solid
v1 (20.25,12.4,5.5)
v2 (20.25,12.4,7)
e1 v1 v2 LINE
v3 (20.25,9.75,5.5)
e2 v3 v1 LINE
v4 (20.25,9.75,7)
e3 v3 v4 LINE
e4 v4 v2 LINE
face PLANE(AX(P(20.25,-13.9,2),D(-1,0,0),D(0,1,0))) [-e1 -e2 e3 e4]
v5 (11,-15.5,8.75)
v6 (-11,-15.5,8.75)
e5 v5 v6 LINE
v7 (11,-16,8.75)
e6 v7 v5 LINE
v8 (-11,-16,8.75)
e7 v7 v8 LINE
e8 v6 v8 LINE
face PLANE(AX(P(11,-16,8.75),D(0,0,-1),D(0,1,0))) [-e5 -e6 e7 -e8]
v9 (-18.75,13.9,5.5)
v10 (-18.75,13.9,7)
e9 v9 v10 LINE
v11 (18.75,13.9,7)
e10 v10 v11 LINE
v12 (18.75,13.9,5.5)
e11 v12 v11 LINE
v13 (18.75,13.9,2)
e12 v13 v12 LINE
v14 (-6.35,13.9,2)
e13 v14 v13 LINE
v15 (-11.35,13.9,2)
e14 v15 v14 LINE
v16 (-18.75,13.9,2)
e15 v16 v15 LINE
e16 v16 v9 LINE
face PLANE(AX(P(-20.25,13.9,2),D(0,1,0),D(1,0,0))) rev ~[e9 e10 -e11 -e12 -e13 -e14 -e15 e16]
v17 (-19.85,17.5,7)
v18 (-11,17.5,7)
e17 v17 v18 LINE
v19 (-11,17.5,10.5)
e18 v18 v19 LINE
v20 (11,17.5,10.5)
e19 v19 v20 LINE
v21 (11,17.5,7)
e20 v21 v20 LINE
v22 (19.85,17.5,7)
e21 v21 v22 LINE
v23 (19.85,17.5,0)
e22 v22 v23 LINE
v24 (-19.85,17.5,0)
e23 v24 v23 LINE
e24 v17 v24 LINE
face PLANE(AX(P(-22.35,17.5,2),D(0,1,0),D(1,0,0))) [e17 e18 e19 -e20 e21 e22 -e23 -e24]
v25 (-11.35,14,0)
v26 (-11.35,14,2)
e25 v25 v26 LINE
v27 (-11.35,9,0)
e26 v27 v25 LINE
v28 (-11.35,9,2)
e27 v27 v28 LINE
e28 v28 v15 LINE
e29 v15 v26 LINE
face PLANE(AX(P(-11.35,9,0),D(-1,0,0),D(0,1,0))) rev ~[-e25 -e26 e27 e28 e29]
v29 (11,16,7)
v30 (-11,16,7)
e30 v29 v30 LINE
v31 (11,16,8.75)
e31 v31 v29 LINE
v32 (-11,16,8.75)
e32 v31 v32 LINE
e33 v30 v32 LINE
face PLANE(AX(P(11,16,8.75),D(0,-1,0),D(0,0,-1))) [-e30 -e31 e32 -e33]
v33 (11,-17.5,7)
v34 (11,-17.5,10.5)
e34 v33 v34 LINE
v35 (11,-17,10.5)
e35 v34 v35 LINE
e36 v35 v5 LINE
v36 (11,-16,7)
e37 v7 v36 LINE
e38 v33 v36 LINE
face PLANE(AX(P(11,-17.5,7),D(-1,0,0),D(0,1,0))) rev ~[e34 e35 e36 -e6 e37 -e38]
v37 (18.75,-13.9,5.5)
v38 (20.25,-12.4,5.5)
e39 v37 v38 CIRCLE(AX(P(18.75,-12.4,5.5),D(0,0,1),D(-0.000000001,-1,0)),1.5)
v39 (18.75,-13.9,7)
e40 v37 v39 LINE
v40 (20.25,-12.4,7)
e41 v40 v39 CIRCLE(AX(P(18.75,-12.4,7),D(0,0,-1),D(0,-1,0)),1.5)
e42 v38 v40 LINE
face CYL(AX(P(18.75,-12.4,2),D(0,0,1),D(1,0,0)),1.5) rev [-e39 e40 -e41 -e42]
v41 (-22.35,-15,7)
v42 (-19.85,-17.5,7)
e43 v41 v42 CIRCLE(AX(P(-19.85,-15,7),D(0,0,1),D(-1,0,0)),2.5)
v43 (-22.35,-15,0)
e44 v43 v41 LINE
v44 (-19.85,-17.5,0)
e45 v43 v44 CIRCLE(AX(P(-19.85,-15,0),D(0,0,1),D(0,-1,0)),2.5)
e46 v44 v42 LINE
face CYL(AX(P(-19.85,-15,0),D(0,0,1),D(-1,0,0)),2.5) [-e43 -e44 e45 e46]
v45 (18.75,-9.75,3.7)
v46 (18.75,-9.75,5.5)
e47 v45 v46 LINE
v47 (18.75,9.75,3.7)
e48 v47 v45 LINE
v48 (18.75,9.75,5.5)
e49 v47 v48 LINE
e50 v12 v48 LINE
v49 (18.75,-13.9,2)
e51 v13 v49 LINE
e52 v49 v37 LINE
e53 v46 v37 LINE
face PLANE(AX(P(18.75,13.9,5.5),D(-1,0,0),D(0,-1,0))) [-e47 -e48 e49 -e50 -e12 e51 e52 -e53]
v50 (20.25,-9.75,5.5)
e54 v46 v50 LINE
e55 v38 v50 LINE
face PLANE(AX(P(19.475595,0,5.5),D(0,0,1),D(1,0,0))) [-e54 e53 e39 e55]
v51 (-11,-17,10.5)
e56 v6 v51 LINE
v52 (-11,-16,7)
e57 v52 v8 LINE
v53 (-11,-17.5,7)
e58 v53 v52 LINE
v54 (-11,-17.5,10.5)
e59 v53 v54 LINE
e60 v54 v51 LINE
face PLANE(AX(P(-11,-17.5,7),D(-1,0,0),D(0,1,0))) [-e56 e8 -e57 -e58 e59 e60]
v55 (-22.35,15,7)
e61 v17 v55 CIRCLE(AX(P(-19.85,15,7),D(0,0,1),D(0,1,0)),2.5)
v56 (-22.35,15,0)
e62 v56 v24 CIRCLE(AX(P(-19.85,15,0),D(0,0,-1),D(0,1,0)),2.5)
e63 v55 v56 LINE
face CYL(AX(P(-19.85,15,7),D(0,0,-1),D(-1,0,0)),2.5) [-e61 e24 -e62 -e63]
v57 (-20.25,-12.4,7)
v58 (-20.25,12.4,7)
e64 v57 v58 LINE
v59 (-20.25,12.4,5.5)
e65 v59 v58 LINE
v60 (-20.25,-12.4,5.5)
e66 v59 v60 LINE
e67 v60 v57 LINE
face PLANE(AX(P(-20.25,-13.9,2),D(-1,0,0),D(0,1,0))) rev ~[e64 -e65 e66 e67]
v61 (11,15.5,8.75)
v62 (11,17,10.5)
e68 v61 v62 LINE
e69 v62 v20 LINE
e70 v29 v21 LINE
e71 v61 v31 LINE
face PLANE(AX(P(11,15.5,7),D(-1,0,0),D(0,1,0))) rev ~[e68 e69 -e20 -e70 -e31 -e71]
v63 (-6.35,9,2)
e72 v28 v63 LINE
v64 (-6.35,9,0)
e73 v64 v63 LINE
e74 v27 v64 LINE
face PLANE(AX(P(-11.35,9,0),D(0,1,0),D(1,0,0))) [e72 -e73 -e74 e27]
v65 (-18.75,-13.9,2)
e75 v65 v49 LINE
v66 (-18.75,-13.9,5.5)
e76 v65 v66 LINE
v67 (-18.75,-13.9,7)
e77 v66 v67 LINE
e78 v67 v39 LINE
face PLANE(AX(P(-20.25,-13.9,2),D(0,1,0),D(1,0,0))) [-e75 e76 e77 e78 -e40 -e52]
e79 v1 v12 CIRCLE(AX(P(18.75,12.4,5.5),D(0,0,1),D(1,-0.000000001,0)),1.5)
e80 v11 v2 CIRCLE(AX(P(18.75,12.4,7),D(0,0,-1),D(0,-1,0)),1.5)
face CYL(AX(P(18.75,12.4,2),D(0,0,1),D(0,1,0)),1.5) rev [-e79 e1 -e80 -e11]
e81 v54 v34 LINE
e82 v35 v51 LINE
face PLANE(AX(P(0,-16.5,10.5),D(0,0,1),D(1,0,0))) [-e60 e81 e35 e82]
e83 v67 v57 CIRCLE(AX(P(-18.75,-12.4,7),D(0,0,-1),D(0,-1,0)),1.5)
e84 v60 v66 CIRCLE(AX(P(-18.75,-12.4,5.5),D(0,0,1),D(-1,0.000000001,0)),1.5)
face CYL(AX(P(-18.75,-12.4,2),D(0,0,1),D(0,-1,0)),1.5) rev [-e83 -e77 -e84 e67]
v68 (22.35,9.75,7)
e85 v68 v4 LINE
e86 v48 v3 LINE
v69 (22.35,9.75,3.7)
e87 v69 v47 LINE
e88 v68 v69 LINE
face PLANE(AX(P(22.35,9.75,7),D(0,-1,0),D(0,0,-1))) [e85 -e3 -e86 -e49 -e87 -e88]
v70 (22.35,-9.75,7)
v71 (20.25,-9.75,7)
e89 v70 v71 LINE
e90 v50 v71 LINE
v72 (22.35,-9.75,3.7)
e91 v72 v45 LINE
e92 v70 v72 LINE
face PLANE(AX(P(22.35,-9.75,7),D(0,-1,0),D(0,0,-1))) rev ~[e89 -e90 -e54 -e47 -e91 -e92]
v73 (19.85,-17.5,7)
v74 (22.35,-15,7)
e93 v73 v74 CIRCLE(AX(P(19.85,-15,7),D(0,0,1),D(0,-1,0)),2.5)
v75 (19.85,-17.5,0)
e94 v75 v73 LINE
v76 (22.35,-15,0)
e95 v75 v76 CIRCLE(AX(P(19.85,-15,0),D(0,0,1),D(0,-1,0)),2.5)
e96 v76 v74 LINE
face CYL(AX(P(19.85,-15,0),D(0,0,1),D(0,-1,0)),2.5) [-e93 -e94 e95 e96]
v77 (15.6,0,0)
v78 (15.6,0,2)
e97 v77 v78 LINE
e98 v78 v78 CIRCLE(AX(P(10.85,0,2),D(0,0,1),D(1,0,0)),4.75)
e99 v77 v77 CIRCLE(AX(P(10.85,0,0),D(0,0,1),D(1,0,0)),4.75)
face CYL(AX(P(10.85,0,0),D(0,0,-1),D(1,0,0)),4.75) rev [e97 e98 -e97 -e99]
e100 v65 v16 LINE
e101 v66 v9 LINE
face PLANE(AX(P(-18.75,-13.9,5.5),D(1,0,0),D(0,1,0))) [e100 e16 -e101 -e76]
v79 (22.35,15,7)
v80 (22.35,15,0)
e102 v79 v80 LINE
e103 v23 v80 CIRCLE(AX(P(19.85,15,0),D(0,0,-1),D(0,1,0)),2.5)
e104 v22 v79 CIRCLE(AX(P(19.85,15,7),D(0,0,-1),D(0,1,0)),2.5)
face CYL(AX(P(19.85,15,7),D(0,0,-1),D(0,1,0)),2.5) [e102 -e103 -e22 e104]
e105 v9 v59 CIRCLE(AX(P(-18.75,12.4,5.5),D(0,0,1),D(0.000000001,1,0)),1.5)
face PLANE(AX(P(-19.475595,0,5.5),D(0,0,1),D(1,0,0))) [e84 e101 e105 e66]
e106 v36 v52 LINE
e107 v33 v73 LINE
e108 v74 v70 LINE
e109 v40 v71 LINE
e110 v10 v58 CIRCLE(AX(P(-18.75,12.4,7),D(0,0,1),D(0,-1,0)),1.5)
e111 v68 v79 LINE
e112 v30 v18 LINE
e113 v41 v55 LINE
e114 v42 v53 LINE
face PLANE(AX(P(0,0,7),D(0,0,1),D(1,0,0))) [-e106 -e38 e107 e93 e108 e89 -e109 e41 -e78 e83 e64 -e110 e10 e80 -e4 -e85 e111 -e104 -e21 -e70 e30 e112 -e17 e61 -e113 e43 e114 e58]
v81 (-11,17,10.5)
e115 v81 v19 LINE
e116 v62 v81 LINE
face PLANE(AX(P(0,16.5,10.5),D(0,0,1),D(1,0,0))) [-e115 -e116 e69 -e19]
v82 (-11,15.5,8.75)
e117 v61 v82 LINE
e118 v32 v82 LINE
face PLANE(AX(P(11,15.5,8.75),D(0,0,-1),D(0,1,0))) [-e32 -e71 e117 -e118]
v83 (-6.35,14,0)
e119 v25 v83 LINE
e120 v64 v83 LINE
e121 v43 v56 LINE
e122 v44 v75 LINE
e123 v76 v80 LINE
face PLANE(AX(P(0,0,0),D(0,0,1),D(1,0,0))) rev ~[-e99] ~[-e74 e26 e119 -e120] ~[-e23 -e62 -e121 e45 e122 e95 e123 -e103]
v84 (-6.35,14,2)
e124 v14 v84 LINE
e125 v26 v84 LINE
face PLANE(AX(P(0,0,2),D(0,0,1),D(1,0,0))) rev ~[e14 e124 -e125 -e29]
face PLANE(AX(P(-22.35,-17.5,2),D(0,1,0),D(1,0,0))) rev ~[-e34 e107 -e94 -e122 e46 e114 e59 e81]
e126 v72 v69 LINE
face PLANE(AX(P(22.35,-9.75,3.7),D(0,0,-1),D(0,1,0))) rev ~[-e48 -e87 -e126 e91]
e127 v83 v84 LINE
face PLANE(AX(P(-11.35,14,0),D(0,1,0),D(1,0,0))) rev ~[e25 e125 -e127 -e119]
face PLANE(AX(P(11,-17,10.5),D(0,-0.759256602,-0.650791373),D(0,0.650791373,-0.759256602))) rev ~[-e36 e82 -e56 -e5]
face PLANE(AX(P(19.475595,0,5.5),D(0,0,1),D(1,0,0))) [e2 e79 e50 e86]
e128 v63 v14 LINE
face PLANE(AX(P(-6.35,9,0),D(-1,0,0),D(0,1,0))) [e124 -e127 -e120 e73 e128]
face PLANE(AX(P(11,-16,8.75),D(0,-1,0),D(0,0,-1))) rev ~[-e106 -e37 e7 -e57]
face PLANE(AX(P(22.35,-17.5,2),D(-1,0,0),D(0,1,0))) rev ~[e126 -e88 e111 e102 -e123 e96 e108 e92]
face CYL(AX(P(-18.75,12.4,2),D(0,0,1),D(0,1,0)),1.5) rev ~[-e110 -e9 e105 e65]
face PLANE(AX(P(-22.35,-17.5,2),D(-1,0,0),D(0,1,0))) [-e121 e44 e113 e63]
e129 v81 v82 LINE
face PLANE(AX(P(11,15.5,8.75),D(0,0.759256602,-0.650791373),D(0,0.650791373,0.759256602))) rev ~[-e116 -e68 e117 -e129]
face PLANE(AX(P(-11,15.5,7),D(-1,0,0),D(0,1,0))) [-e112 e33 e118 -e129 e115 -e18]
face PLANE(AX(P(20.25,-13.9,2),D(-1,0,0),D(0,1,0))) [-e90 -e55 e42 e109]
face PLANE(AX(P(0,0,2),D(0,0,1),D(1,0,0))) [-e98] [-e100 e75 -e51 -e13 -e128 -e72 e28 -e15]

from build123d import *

# Parameters (mm, degrees)
CROQUIS1_W              = 44.7
CROQUIS1_H              = 35
CROQUIS1_R              = 4.75
CROQUIS1_W_2            = 5
CROQUIS1_H_2            = 5
SALIENTE_EXTRUIR1_DEPTH = 2
CROQUIS2_W              = 44.7
CROQUIS2_H              = 35
CROQUIS2_W_2            = 40.5
CROQUIS2_H_2            = 27.8
SALIENTE_EXTRUIR2_DEPTH = 5
REDONDEO1_R             = 1.5
REDONDEO2_R             = 2.5
SALIENTE_EXTRUIR3_START = 3.5
SALIENTE_EXTRUIR3_DEPTH = 3.5
CROQUIS5_W              = 3.3
CROQUIS5_H              = 19.5
CORTAR_EXTRUIR1_DEPTH   = 5.5
CROQUIS6_W              = 22
CROQUIS6_H              = 2
SALIENTE_EXTRUIR4_DEPTH = 3.5
CROQUIS7_W              = 1.75
CROQUIS7_H              = 0.5
CORTAR_EXTRUIR2_DEPTH   = 40.098881058


with BuildPart() as part:
    # Croquis1 → Saliente-Extruir1 (new body)
    with BuildSketch(Plane.XY):
        Rectangle(CROQUIS1_W, CROQUIS1_H)
        with Locations((10.85, 0)):
            Circle(CROQUIS1_R, mode=Mode.SUBTRACT)
        with Locations((-8.85, 11.5)):
            Rectangle(CROQUIS1_W_2, CROQUIS1_H_2, mode=Mode.SUBTRACT)
    extrude(amount=SALIENTE_EXTRUIR1_DEPTH)

    # Croquis2 → Saliente-Extruir2 (add)
    with BuildSketch(Plane.XY.offset(2)):
        Rectangle(CROQUIS2_W, CROQUIS2_H)
        Rectangle(CROQUIS2_W_2, CROQUIS2_H_2, mode=Mode.SUBTRACT)
    extrude(amount=SALIENTE_EXTRUIR2_DEPTH)

    # Redondeo1
    redondeo1_edges = [part.edges().sort_by_distance(p)[0] for p in [
        (20.25, 13.9, 4.5),
        (-20.25, 13.9, 4.5),
        (-20.25, -13.9, 4.5),
        (20.25, -13.9, 4.5),
    ]]
    fillet(redondeo1_edges, radius=REDONDEO1_R)

    # Redondeo2
    redondeo2_edges = [part.edges().sort_by_distance(p)[0] for p in [
        (-22.35, -17.5, 3.5),
        (-22.35, 17.5, 3.5),
        (22.35, 17.5, 3.5),
        (22.35, -17.5, 3.5),
    ]]
    fillet(redondeo2_edges, radius=REDONDEO2_R)

    # Croquis4 → Saliente-Extruir3 (add)
    with BuildSketch(Plane.XY.offset(2).offset(SALIENTE_EXTRUIR3_START)):
        with BuildLine():
            Line((-20.25, 12.4), (-20.25, -12.4))
            ThreePointArc((-20.25, -12.4), (-19.810660172, -13.460660172), (-18.75, -13.9))
            Line((-18.75, -13.9), (-18.75, 13.9))
            ThreePointArc((-18.75, 13.9), (-19.810660172, 13.460660172), (-20.25, 12.4))
        make_face()
        with BuildLine():
            Line((20.25, -12.4), (20.25, 12.4))
            ThreePointArc((20.25, 12.4), (19.810660172, 13.460660172), (18.75, 13.9))
            Line((18.75, 13.9), (18.75, -13.9))
            ThreePointArc((18.75, -13.9), (19.810660172, -13.460660172), (20.25, -12.4))
        make_face()
    extrude(amount=-SALIENTE_EXTRUIR3_DEPTH)

    # Croquis5 → Cortar-Extruir1 (cut)
    with BuildSketch(Plane(origin=(22.35, 0, 0), x_dir=(0, 0, -1), z_dir=(1, 0, 0))):
        with Locations((-5.35, 0)):
            Rectangle(CROQUIS5_W, CROQUIS5_H)
    extrude(amount=-CORTAR_EXTRUIR1_DEPTH, mode=Mode.SUBTRACT)

    # Croquis6 → Saliente-Extruir4 (add)
    with BuildSketch(Plane.XY.offset(7)):
        with Locations((0, -16.5)):
            Rectangle(CROQUIS6_W, CROQUIS6_H)
        with Locations((0, 16.5)):
            Rectangle(CROQUIS6_W, CROQUIS6_H)
    extrude(amount=SALIENTE_EXTRUIR4_DEPTH)

    # Croquis7 → Cortar-Extruir2 (cut, through all)
    with BuildSketch(Plane(origin=(11, 0, 0), x_dir=(0, 0, -1), z_dir=(1, 0, 0))):
        Polygon((-10.5, -15.5), (-10.5, -17), (-8.75, -15.5), align=None)
        Polygon((-8.75, 15.5), (-10.5, 17), (-10.5, 15.5), align=None)
        with Locations((-7.875, 15.75)):
            Rectangle(CROQUIS7_W, CROQUIS7_H)
        with Locations((-7.875, -15.75)):
            Rectangle(CROQUIS7_W, CROQUIS7_H)
    extrude(amount=-CORTAR_EXTRUIR2_DEPTH, mode=Mode.SUBTRACT)


solid = part.part
